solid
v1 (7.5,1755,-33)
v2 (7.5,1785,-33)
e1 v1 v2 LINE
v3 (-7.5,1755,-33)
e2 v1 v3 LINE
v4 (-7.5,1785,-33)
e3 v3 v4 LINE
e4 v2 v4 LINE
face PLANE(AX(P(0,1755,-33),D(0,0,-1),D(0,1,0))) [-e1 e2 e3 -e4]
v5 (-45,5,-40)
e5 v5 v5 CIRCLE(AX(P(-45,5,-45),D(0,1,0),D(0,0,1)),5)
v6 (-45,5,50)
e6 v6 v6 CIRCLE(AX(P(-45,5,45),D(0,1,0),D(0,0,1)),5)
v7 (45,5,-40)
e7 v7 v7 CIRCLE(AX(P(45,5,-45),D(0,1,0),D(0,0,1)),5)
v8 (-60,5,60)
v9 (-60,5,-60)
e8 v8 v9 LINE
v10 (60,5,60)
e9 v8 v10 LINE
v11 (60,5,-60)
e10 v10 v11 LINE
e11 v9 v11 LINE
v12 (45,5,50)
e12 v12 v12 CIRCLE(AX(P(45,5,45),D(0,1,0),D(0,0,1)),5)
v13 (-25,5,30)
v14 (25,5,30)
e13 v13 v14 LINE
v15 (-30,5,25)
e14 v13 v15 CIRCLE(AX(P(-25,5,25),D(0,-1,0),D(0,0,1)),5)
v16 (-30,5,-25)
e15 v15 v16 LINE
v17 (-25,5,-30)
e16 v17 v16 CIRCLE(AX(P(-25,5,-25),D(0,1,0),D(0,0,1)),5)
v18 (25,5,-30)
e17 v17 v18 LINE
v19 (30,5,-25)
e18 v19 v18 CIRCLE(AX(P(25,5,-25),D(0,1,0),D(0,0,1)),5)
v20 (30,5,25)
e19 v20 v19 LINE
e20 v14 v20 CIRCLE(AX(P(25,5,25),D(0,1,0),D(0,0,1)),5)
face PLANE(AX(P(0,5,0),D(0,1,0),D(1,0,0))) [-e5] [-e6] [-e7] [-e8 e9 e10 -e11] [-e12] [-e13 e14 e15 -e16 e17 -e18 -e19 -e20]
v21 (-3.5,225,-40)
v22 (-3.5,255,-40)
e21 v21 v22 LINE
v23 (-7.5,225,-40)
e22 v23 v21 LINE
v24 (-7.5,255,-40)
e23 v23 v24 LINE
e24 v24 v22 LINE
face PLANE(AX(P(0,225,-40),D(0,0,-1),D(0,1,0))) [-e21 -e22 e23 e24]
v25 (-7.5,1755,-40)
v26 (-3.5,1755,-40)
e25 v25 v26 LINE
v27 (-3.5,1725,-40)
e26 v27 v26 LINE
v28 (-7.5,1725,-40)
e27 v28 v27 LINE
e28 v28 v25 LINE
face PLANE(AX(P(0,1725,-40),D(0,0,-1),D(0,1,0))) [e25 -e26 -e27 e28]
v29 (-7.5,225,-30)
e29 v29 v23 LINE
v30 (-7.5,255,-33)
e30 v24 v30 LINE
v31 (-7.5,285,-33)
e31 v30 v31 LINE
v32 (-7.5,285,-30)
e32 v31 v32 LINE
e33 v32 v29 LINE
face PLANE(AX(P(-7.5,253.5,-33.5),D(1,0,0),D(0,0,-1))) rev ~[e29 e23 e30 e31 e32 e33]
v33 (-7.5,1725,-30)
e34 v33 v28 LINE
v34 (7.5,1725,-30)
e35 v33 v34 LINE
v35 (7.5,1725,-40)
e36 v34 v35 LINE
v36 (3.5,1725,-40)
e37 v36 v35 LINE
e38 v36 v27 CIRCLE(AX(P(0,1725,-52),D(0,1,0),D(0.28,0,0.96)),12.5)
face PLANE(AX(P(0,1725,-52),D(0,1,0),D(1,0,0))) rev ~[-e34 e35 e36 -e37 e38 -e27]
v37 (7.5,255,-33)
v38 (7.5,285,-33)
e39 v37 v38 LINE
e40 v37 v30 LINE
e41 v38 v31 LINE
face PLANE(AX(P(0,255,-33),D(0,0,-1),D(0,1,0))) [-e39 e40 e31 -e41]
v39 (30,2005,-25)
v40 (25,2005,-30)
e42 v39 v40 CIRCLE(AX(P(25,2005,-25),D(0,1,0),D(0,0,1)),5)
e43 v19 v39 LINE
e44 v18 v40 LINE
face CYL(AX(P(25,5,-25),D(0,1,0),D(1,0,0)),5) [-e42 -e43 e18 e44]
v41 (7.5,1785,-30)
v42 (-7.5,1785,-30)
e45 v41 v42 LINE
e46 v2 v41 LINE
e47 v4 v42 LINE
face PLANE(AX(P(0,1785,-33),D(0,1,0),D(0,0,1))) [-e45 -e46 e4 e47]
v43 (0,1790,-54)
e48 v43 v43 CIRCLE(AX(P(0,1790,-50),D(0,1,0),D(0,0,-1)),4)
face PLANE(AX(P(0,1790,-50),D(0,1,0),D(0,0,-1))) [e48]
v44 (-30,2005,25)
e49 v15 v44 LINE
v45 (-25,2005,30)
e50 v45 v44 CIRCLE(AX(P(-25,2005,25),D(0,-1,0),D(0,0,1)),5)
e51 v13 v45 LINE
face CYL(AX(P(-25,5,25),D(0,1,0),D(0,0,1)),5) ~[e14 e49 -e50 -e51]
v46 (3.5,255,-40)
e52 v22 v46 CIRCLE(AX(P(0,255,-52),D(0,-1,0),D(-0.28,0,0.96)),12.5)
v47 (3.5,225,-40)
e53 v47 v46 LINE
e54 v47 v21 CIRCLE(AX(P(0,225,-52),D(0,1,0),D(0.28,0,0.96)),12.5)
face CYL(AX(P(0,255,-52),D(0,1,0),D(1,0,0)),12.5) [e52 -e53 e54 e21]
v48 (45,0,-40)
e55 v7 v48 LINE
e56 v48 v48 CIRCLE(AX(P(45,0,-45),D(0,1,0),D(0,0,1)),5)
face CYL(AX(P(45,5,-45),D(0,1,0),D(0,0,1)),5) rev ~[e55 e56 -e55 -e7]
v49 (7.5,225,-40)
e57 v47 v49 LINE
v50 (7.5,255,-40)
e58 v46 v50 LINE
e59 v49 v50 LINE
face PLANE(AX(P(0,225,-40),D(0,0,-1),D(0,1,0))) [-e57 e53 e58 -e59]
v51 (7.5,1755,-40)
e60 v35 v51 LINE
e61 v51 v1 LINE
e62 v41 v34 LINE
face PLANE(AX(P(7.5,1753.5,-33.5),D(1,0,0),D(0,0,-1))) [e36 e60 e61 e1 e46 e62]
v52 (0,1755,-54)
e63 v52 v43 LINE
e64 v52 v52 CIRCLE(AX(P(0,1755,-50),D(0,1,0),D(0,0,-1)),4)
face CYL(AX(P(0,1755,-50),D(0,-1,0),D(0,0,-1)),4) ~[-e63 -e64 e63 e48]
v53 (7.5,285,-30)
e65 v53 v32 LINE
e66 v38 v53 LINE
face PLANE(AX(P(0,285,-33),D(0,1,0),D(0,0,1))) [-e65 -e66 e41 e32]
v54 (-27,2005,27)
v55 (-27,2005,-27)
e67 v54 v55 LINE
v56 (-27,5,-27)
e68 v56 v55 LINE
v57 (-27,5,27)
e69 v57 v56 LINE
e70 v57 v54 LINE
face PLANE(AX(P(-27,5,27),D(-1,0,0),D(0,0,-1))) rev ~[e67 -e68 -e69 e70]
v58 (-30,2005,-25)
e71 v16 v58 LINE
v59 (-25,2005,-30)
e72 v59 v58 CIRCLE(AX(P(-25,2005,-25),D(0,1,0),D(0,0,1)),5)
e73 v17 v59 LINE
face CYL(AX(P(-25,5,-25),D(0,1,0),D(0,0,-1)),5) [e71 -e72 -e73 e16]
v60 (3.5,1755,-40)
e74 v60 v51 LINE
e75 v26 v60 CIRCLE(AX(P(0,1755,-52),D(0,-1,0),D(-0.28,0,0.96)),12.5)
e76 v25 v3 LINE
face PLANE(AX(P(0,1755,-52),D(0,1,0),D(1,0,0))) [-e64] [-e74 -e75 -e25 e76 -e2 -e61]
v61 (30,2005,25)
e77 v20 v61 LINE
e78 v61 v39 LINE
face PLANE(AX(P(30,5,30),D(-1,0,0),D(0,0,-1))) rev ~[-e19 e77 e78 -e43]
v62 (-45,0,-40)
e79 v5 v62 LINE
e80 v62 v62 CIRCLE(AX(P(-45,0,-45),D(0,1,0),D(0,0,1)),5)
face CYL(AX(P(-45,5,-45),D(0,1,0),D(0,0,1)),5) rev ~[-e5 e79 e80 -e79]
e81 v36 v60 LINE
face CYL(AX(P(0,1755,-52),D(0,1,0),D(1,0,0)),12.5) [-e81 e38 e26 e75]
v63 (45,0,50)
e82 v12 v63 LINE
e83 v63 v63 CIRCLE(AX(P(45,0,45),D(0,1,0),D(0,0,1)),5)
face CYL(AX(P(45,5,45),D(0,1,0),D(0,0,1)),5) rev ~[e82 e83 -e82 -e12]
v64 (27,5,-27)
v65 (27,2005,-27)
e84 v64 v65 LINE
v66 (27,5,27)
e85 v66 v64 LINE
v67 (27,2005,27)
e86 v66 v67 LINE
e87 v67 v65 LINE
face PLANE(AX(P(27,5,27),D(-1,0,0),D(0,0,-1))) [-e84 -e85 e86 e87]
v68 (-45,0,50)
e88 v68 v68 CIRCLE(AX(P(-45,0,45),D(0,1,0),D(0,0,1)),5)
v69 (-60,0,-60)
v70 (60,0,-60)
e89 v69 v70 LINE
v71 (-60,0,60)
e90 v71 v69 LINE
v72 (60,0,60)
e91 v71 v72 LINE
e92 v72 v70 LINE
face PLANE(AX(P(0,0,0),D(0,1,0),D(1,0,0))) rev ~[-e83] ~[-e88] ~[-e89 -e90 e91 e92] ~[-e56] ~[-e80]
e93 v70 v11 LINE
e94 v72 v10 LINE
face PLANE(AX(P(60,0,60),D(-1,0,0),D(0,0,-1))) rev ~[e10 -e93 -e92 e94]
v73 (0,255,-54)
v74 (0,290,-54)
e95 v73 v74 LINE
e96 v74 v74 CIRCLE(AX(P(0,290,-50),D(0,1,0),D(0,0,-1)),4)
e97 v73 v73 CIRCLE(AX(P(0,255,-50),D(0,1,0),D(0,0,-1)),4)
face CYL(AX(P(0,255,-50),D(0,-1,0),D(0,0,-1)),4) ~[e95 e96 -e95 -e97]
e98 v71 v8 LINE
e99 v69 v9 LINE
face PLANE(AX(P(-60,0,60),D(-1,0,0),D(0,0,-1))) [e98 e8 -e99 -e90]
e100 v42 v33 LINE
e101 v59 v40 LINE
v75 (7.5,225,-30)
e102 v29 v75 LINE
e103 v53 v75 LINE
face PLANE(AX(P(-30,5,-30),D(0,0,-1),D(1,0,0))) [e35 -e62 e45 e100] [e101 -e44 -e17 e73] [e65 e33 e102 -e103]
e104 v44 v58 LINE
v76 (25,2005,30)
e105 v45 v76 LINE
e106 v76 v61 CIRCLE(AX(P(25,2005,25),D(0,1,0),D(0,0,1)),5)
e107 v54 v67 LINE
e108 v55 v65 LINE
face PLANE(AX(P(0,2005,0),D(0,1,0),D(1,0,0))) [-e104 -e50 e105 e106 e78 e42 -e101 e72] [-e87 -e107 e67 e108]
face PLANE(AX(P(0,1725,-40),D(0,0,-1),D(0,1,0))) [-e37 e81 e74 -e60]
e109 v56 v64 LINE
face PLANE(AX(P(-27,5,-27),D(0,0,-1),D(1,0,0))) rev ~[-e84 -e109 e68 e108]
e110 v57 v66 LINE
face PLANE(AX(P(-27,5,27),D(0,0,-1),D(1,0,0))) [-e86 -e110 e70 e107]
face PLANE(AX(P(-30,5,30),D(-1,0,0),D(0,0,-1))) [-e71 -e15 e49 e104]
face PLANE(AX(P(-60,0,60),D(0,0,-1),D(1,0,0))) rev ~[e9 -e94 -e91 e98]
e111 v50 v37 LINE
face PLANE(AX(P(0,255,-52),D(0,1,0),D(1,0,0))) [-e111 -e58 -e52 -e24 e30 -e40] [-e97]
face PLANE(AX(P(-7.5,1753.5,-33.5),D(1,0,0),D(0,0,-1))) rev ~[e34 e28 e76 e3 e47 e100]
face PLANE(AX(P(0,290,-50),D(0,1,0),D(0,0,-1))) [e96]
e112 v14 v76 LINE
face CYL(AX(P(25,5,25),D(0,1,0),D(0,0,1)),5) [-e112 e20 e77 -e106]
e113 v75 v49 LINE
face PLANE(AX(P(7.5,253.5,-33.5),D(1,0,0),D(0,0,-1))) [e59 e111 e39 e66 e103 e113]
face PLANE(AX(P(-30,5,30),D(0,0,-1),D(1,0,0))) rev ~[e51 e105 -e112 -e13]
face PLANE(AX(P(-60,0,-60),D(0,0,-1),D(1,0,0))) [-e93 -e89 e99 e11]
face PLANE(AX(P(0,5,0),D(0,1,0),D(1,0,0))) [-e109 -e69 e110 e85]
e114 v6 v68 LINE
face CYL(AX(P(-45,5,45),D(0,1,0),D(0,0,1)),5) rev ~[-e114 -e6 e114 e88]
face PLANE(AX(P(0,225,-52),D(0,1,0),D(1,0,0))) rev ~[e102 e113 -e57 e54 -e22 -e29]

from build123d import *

# Parameters (mm, degrees)
SKETCH_1_W             = 120
SKETCH_1_H             = 120
EXTRUDE_1_DEPTH        = 5
SKETCH_2_W             = 60
SKETCH_2_H             = 60
SKETCH_2_W_2           = 54
SKETCH_2_H_2           = 54
EXTRUDE_2_DEPTH        = 2000
FILLET_1_R             = 5
SKETCH_3_R             = 5
CUT_EXTRUDE_1_DEPTH    = 2000
EXTRUDE_5_DEPTH        = 7.5
PATTERN_LINEAR_1_COUNT = 2
PATTERN_LINEAR_1_PITCH = 1500
SKETCH_7_R             = 12.5
EXTRUDE_6_DEPTH        = 30
SKETCH_8_R             = 4
EXTRUDE_7_DEPTH        = 35
PATTERN_LINEAR_2_COUNT = 2
PATTERN_LINEAR_2_PITCH = 1500


with BuildPart() as part:
    # 草图1 → 凸台-拉伸1 (new body)
    with BuildSketch(Plane(origin=(0, 0, 0), x_dir=(1, 0, 0), z_dir=(0, 1, 0))):
        Rectangle(SKETCH_1_W, SKETCH_1_H)
    extrude(amount=EXTRUDE_1_DEPTH)

    # 草图2 → 凸台-拉伸2 (add)
    with BuildSketch(Plane(origin=(0, 5, 0), x_dir=(1, 0, 0), z_dir=(0, 1, 0))):
        Rectangle(SKETCH_2_W, SKETCH_2_H)
        Rectangle(SKETCH_2_W_2, SKETCH_2_H_2, mode=Mode.SUBTRACT)
    extrude(amount=EXTRUDE_2_DEPTH)

    # 圆角1
    fillet_1_edges = [part.edges().sort_by_distance(p)[0] for p in [
        (-30, 1005, 30),
        (30, 1005, 30),
        (-30, 1005, -30),
        (30, 1005, -30),
    ]]
    fillet(fillet_1_edges, radius=FILLET_1_R)

    # 草图3 → 切除-拉伸1 (cut)
    with BuildSketch(Plane(origin=(0, 5, 0), x_dir=(1, 0, 0), z_dir=(0, 1, 0))):
        with Locations((-45, 45)):
            Circle(SKETCH_3_R)
        with Locations((45, 45)):
            Circle(SKETCH_3_R)
        with Locations((-45, -45)):
            Circle(SKETCH_3_R)
        with Locations((45, -45)):
            Circle(SKETCH_3_R)
    extrude(amount=-CUT_EXTRUDE_1_DEPTH, mode=Mode.SUBTRACT)

    # 草图6 → 凸台-拉伸5 (add, symmetric)
    with BuildSketch(Plane(origin=(0, 0, 0), x_dir=(0, 0, -1), z_dir=(1, 0, 0))):
        Polygon((30, 1785), (30, 1725), (40, 1725), (40, 1755), (33, 1755), (33, 1785), align=None)
    extrude_5 = extrude(amount=EXTRUDE_5_DEPTH, both=True)

    # 阵列(线性)1: 凸台-拉伸5 ×2
    with Locations(*[(0, -i * PATTERN_LINEAR_1_PITCH, 0) for i in range(1, PATTERN_LINEAR_1_COUNT)]):
        add(extrude_5)

    # 草图7 → 凸台-拉伸6 (add)
    with BuildSketch(Plane(origin=(0, 1755, 0), x_dir=(1, 0, 0), z_dir=(0, 1, 0))):
        with Locations((0, 52)):
            Circle(SKETCH_7_R)
    extrude_6 = extrude(amount=-EXTRUDE_6_DEPTH)

    # 草图8 → 凸台-拉伸7 (add)
    with BuildSketch(Plane(origin=(0, 1755, 0), x_dir=(1, 0, 0), z_dir=(0, 1, 0))):
        with Locations((0, 50)):
            Circle(SKETCH_8_R)
    extrude_7 = extrude(amount=EXTRUDE_7_DEPTH)

    # 阵列(线性)2: 凸台-拉伸6, 凸台-拉伸7 ×2
    with Locations(*[(0, -i * PATTERN_LINEAR_2_PITCH, 0) for i in range(1, PATTERN_LINEAR_2_COUNT)]):
        add(extrude_6)
        add(extrude_7)


solid = part.part
